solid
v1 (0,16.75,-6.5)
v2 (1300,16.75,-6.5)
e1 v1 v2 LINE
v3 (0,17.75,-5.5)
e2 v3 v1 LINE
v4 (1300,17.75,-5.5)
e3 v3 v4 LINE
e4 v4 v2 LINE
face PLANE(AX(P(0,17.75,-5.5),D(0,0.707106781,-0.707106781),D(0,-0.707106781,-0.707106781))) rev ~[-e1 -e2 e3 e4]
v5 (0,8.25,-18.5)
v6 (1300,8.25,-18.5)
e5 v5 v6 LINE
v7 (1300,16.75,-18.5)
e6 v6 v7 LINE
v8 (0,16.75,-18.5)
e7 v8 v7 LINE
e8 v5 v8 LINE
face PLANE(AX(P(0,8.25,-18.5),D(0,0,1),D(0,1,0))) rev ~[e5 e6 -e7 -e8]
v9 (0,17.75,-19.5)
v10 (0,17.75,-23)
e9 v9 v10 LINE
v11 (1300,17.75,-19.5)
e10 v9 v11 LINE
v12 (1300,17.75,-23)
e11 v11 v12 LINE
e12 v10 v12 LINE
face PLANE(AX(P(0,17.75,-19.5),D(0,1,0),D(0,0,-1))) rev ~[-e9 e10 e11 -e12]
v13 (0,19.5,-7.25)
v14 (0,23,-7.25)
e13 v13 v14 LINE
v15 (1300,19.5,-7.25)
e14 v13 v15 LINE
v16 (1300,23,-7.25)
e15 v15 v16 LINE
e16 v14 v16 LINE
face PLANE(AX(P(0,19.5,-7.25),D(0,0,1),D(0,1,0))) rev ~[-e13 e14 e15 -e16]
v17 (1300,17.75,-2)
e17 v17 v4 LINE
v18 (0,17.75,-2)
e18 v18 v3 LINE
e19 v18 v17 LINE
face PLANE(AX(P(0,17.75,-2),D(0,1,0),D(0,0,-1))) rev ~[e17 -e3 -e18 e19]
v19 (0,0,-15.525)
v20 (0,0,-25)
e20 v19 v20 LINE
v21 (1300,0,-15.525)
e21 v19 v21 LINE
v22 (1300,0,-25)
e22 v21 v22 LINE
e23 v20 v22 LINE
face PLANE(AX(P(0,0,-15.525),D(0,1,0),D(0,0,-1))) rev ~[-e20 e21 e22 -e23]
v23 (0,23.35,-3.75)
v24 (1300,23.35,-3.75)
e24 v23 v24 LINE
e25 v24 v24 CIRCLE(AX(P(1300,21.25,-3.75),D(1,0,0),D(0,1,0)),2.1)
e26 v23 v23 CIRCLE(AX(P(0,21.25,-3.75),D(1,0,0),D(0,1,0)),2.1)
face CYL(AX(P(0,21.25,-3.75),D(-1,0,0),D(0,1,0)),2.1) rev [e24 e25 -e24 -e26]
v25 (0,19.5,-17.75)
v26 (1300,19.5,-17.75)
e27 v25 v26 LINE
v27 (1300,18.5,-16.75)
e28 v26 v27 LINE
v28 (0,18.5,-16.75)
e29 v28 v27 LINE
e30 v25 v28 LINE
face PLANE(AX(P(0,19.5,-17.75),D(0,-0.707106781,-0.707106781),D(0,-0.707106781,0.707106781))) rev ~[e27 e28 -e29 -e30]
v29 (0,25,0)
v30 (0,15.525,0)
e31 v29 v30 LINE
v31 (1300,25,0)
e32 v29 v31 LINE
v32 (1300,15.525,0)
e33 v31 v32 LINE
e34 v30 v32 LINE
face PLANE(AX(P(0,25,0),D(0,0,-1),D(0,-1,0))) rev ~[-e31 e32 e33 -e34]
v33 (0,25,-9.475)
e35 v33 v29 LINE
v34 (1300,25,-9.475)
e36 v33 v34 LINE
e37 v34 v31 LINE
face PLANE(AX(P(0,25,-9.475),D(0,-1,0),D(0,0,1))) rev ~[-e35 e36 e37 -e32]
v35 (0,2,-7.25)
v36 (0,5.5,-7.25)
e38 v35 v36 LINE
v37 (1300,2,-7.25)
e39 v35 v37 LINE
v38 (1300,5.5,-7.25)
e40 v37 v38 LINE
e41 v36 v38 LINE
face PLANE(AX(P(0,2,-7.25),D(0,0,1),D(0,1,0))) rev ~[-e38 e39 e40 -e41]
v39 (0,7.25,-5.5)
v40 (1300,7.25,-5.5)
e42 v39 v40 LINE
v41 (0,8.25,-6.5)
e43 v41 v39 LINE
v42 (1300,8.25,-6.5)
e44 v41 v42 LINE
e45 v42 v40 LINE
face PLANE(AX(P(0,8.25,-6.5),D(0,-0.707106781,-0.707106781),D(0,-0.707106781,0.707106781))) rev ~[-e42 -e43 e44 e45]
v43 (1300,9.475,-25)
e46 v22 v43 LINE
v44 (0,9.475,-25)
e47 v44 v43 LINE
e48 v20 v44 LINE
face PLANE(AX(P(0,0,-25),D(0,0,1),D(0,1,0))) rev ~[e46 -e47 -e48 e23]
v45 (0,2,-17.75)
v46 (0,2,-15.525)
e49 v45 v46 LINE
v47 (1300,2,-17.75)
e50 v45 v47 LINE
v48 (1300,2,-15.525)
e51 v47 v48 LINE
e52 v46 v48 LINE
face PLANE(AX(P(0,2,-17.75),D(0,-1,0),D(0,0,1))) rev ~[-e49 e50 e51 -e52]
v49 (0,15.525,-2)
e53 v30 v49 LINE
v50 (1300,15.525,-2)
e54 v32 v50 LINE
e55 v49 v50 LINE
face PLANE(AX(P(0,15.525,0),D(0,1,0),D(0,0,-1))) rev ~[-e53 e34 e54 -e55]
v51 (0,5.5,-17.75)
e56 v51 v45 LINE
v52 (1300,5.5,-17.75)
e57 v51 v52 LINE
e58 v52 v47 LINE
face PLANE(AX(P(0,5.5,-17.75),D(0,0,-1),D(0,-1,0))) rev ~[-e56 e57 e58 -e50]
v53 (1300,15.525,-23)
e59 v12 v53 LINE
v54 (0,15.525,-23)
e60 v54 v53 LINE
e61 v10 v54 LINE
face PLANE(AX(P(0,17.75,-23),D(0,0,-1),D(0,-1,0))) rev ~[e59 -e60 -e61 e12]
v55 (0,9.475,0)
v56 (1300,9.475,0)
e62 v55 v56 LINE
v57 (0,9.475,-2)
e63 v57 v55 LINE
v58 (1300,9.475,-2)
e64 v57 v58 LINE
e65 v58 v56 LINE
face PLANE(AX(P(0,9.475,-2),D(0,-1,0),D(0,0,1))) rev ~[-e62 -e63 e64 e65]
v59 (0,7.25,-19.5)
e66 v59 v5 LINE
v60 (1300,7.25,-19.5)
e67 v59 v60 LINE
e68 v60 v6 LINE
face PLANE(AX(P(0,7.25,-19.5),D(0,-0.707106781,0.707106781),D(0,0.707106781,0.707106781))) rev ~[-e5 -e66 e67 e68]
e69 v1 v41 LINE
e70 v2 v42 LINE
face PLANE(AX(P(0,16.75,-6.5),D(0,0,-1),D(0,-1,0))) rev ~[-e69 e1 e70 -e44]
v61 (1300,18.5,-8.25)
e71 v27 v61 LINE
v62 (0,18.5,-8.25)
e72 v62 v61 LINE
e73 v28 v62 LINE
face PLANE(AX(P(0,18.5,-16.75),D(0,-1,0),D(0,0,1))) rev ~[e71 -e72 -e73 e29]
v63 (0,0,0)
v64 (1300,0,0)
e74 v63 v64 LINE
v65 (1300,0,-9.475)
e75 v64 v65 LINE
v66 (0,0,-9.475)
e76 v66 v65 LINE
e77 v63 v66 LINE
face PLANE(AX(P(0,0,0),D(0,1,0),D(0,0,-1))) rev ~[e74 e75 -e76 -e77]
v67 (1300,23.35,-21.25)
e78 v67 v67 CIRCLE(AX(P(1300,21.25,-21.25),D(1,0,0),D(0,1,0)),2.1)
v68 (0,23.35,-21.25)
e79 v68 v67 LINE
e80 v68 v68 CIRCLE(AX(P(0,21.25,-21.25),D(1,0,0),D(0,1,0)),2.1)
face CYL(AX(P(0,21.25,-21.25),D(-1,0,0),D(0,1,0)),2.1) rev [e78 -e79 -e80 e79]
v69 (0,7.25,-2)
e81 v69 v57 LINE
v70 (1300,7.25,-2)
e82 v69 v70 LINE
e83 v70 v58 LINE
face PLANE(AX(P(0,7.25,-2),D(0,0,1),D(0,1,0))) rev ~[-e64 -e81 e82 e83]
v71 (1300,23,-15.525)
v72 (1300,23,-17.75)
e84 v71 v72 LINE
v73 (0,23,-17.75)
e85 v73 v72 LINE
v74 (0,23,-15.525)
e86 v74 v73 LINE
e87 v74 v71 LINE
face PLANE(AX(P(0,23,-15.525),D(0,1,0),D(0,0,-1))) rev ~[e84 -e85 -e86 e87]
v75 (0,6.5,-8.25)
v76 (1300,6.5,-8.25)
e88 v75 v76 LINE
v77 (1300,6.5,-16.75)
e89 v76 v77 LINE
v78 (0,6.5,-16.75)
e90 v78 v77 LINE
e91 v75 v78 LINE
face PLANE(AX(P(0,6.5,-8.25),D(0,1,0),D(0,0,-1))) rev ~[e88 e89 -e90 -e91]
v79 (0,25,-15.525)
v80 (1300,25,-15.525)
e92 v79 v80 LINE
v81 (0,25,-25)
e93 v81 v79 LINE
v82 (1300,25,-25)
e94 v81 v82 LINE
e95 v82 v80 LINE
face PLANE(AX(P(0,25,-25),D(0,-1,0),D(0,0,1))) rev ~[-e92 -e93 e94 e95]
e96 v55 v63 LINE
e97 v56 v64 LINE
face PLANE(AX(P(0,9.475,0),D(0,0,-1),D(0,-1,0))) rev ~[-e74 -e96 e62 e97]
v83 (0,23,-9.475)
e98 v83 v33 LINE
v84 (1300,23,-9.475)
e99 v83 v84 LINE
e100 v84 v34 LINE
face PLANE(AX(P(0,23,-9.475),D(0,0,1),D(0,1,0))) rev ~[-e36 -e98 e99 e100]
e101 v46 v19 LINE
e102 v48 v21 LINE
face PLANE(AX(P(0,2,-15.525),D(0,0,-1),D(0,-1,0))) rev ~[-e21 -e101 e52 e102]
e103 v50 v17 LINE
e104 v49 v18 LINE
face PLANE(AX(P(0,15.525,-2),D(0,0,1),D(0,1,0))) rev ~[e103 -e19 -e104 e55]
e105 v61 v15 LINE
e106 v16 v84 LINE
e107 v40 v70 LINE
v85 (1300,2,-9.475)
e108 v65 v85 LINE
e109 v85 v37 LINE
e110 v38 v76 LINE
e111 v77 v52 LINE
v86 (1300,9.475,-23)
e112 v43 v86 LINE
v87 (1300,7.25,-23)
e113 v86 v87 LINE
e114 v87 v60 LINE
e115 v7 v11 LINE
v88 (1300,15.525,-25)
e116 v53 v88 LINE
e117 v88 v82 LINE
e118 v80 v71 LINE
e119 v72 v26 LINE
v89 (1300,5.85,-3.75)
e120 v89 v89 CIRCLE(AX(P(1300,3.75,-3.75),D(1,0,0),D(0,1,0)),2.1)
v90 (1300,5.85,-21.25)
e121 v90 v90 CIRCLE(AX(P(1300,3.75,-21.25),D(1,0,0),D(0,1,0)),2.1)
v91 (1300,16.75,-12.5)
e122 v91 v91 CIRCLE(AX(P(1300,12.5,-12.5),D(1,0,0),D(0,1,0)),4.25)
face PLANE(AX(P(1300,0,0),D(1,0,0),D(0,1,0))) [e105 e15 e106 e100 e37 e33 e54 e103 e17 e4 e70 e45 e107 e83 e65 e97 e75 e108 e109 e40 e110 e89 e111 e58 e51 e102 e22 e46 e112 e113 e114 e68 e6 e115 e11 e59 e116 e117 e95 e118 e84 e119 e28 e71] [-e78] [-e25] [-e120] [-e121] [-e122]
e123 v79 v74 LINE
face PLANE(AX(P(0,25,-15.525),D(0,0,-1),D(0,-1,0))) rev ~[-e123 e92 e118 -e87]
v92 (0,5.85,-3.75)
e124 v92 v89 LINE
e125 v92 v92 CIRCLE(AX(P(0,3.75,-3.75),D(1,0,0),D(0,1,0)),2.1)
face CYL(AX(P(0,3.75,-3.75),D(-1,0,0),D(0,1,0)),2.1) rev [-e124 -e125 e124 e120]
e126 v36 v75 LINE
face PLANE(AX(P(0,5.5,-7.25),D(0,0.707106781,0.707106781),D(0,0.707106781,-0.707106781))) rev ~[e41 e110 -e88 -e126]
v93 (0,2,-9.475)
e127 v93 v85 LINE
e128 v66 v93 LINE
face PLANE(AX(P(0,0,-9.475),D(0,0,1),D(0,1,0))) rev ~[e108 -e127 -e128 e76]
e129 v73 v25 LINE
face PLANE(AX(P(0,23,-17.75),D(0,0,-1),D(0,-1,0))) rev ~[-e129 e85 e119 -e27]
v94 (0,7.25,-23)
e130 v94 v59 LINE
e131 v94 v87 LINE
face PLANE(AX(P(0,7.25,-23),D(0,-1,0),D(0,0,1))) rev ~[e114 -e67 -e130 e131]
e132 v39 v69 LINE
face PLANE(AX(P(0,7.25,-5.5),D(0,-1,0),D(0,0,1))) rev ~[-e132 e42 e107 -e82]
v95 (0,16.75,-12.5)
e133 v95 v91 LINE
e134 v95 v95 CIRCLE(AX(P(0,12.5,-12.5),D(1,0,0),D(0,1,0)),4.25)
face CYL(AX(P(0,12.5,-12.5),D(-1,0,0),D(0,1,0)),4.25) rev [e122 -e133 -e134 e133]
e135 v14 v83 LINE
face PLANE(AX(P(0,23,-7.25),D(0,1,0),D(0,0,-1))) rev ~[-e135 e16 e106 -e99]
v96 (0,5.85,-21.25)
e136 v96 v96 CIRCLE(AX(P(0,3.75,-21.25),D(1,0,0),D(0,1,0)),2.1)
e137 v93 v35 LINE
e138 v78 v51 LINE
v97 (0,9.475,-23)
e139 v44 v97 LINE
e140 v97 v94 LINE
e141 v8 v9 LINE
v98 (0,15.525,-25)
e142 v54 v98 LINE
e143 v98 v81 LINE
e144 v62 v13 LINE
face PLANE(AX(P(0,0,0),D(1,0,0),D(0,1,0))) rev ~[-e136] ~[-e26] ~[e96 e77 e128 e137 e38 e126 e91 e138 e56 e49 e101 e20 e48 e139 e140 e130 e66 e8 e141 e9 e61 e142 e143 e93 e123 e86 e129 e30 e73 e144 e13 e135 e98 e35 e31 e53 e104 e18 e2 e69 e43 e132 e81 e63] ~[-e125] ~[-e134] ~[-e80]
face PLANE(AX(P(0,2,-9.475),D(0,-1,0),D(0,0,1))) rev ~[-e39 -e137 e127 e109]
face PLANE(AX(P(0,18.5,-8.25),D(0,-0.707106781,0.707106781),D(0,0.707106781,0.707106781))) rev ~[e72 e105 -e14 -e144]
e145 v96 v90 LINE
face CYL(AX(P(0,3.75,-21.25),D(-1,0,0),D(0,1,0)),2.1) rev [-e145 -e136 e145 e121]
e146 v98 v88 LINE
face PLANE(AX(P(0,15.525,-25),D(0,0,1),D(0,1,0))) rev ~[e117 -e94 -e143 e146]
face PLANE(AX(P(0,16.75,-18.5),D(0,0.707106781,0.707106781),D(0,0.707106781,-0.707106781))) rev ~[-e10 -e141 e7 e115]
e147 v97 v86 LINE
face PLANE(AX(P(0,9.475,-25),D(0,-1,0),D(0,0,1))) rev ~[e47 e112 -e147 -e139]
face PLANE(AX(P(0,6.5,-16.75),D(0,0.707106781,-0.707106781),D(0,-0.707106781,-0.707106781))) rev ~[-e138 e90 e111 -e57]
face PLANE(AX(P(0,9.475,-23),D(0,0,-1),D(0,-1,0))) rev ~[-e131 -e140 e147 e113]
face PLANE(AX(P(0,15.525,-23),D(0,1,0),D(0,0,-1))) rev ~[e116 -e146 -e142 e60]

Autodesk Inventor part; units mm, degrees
ref_plane "YZ Plane" through (0, 0, 0) normal (1, 0, 0) x (0, 1, 0)
ref_plane "XZ Plane" through (0, 0, 0) normal (0, 1, 0) x (-1, 0, 0)
ref_plane "XY Plane" through (0, 0, 0) normal (0, 0, 1) x (1, 0, 0)
sketch "Skizze_1" plane through (0, 0, 0) normal (1, 0, 0) x (0, 1, 0)
  line L0 (0, 0) -> (0, -9.475)
  line L1 (0, -9.475) -> (2, -9.475)
  line L2 (2, -9.475) -> (2, -7.25)
  line L3 (2, -7.25) -> (5.5, -7.25)
  line L4 (5.5, -7.25) -> (6.5, -8.25)
  line L5 (6.5, -8.25) -> (6.5, -16.75)
  line L6 (6.5, -16.75) -> (5.5, -17.75)
  line L7 (5.5, -17.75) -> (2, -17.75)
  line L8 (2, -17.75) -> (2, -15.525)
  line L9 (2, -15.525) -> (0, -15.525)
  line L10 (0, -15.525) -> (0, -25)
  line L11 (0, -25) -> (9.475, -25)
  line L12 (9.475, -25) -> (9.475, -23)
  line L13 (9.475, -23) -> (7.25, -23)
  line L14 (7.25, -23) -> (7.25, -19.5)
  line L15 (7.25, -19.5) -> (8.25, -18.5)
  line L16 (8.25, -18.5) -> (16.75, -18.5)
  line L17 (16.75, -18.5) -> (17.75, -19.5)
  line L18 (17.75, -19.5) -> (17.75, -23)
  line L19 (17.75, -23) -> (15.525, -23)
  line L20 (15.525, -23) -> (15.525, -25)
  line L21 (15.525, -25) -> (25, -25)
  line L22 (25, -25) -> (25, -15.525)
  line L23 (25, -15.525) -> (23, -15.525)
  line L24 (23, -15.525) -> (23, -17.75)
  line L25 (23, -17.75) -> (19.5, -17.75)
  line L26 (19.5, -17.75) -> (18.5, -16.75)
  line L27 (18.5, -16.75) -> (18.5, -8.25)
  line L28 (18.5, -8.25) -> (19.5, -7.25)
  line L29 (19.5, -7.25) -> (23, -7.25)
  line L30 (23, -7.25) -> (23, -9.475)
  line L31 (23, -9.475) -> (25, -9.475)
  line L32 (25, -9.475) -> (25, 0)
  line L33 (25, 0) -> (15.525, 0)
  line L34 (15.525, 0) -> (15.525, -2)
  line L35 (15.525, -2) -> (17.75, -2)
  line L36 (17.75, -2) -> (17.75, -5.5)
  line L37 (17.75, -5.5) -> (16.75, -6.5)
  line L38 (16.75, -6.5) -> (8.25, -6.5)
  line L39 (8.25, -6.5) -> (7.25, -5.5)
  line L40 (7.25, -5.5) -> (7.25, -2)
  line L41 (7.25, -2) -> (9.475, -2)
  line L42 (9.475, -2) -> (9.475, 0)
  line L43 (9.475, 0) -> (0, 0)
  circle A0 centre (3.75, -21.25) radius 2.1
  circle A1 centre (21.25, -21.25) radius 2.1
  circle A2 centre (12.5, -12.5) radius 4.25
  circle A3 centre (3.75, -3.75) radius 2.1
  circle A4 centre (21.25, -3.75) radius 2.1
extrude "Extrusion1" add sketch "Skizze_1" along normal blind 1300
equation "\"d0\" = L"
equation "\"L\" = 1300"
properties part number "25.01.1300(00-00-0)(0)"
